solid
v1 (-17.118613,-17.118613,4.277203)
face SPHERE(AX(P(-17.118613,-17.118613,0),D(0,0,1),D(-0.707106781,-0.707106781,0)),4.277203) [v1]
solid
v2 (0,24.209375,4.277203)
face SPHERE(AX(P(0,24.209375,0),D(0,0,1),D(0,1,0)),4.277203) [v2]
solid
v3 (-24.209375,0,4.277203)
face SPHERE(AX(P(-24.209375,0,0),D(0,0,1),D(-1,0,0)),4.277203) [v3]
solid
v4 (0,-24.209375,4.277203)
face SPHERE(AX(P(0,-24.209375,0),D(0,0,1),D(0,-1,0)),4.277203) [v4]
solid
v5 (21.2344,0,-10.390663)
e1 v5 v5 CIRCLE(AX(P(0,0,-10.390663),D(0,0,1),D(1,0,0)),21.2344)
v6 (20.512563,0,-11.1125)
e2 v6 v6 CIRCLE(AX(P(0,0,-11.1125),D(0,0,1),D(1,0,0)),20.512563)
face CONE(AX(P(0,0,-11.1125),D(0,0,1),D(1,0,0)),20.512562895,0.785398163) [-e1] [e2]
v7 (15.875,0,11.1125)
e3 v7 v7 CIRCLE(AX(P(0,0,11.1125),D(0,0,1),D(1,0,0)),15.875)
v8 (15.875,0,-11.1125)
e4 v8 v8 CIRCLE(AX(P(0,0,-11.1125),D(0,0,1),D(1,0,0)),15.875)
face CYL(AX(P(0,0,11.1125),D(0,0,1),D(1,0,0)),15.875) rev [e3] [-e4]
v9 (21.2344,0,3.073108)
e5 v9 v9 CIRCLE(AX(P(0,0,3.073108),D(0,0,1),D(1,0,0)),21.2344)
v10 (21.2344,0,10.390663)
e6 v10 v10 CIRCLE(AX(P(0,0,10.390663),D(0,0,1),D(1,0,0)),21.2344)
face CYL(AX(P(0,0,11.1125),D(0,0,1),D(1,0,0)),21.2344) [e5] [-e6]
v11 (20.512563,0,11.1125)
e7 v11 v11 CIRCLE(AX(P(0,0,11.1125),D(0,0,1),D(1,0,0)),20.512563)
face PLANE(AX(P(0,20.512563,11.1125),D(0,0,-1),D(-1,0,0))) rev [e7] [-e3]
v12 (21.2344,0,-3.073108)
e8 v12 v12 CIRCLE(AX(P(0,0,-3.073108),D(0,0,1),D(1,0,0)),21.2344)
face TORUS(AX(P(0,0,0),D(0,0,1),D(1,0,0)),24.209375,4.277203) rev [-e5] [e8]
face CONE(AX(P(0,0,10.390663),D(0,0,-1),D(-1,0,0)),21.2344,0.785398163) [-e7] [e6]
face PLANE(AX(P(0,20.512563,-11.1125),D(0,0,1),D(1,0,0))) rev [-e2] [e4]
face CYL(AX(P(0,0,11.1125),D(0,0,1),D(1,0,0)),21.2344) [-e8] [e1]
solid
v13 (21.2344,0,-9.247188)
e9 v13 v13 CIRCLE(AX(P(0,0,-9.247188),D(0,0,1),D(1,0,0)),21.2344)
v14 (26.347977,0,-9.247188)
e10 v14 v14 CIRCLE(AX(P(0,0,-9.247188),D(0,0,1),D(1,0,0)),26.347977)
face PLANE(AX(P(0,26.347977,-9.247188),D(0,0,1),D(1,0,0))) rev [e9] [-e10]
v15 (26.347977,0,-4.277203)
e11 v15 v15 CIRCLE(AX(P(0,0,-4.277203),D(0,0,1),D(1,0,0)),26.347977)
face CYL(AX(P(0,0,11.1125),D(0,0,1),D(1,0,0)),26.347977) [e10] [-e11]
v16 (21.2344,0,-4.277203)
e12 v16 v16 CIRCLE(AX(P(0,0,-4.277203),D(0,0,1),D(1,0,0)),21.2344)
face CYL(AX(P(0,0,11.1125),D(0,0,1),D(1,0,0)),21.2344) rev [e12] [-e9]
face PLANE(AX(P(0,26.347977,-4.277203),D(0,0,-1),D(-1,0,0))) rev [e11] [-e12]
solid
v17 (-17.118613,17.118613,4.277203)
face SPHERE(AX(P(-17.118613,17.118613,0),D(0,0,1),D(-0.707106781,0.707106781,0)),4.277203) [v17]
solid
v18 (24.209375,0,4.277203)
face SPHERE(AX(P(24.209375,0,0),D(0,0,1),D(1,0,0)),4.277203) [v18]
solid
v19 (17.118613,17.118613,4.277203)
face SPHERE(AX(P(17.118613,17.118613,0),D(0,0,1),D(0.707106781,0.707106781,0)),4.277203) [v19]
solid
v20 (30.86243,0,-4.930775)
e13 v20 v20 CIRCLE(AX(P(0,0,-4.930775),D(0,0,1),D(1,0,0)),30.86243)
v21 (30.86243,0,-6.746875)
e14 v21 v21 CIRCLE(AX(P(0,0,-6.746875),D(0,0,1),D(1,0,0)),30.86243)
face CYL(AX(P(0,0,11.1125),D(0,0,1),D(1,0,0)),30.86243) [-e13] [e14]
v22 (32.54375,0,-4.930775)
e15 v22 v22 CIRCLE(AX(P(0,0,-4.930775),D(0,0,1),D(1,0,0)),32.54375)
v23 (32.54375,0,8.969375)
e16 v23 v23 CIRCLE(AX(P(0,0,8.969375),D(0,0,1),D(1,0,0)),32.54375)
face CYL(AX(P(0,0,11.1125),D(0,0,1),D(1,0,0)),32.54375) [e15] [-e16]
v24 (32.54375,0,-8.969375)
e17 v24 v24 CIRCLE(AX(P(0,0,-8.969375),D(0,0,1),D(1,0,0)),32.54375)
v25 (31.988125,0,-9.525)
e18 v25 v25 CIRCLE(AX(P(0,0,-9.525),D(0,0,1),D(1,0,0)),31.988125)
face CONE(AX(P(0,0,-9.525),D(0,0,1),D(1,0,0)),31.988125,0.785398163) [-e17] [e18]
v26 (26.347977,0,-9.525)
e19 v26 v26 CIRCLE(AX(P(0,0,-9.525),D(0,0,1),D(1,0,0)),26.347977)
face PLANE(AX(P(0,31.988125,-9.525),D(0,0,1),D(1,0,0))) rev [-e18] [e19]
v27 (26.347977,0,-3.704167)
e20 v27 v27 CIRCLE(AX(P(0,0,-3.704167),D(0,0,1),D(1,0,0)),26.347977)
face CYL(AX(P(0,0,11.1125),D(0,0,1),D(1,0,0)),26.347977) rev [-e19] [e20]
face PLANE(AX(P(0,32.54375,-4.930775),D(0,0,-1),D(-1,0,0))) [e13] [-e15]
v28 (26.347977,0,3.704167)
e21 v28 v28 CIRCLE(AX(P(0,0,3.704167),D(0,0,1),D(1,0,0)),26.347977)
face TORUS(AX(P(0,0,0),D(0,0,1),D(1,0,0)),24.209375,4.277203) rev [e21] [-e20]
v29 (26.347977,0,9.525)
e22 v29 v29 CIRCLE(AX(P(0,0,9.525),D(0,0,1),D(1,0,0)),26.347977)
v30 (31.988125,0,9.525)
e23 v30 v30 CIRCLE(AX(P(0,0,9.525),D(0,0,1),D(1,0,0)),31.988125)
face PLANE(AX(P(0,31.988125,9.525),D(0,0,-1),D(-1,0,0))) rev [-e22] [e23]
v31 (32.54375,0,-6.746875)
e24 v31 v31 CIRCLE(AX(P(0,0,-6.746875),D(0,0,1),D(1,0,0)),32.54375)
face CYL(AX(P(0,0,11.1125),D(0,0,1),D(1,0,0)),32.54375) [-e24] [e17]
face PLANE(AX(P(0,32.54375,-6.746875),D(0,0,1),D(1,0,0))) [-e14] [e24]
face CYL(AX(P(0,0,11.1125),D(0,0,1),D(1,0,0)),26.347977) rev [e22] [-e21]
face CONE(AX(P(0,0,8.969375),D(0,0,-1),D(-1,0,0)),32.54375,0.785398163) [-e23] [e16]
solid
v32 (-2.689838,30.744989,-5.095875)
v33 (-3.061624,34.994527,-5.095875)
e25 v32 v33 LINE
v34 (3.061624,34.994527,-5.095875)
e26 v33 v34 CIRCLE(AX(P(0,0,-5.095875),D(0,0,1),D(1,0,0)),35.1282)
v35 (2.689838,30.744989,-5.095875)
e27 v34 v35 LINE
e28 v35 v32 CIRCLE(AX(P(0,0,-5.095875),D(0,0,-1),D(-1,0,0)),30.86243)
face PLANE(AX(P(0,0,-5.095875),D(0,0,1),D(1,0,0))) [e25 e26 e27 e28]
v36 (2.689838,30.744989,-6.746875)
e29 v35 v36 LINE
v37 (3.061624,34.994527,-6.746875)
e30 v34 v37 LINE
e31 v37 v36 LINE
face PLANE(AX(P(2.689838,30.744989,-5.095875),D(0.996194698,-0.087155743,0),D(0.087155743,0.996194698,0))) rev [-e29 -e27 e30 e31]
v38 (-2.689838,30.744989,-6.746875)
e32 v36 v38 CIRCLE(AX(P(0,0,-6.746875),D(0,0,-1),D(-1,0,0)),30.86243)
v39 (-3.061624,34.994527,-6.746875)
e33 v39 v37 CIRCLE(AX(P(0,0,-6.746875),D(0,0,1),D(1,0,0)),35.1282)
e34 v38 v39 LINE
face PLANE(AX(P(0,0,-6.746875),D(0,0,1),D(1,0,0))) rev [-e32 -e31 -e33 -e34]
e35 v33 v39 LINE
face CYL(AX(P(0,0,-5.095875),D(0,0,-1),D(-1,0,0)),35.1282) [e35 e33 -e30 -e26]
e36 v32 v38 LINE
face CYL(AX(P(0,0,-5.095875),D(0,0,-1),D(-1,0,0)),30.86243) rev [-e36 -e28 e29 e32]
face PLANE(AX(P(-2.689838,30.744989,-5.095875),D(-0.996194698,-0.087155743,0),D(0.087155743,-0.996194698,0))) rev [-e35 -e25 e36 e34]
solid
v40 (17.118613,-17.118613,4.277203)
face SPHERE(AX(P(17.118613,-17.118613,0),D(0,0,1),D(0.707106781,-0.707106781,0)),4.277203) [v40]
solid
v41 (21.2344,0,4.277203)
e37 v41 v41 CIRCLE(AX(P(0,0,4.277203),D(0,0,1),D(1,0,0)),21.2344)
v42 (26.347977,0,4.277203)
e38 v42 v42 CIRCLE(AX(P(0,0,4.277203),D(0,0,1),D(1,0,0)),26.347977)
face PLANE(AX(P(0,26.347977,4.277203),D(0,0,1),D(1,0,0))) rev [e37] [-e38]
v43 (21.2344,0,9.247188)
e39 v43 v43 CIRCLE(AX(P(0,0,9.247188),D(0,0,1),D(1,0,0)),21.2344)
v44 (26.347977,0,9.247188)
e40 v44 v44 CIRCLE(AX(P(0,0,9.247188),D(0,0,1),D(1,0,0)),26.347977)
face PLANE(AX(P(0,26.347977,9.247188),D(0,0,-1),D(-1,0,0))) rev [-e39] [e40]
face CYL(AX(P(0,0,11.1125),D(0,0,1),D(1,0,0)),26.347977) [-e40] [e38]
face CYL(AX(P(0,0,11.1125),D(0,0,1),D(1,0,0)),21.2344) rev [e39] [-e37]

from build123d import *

# Parameters (mm, degrees)
CIRPATTERN1_COUNT = 8
SKETCH5_W         = 4.969984256
SKETCH5_H         = 5.113576622
SKETCH6_W         = 1.8161
SKETCH6_H         = 1.681320253
EXTRUDE1_DEPTH    = 1.651


with BuildPart() as part:
    # Sketch1 → Revolve1 (revolve)
    with BuildSketch(Plane(origin=(0, 0, 0), x_dir=(0, 0, -1), z_dir=(1, 0, 0))):
        with BuildLine():
            Line((8.969375, 32.54375), (-8.969375, 32.54375))
            Line((-8.969375, 32.54375), (-9.525, 31.988125))
            Line((-9.525, 31.988125), (-9.525, 26.347976622))
            Line((-9.525, 26.347976622), (-3.704166667, 26.347976622))
            ThreePointArc((-3.704166667, 26.347976622), (0, 28.486578244), (3.704166667, 26.347976622))
            Line((3.704166667, 26.347976622), (9.525, 26.347976622))
            Line((9.525, 26.347976622), (9.525, 31.988125))
            Line((9.525, 31.988125), (8.969375, 32.54375))
        make_face()
    revolve(axis=Axis((0, 0, 11.1125), (0, 0, -1)))

    # Sketch6 → Cut-Revolve1 (revolve, cut)
    with BuildSketch(Plane(origin=(0, 0, 0), x_dir=(0, 0, -1), z_dir=(1, 0, 0))):
        with Locations((5.838825, 31.703089874)):
            Rectangle(SKETCH6_W, SKETCH6_H)
    revolve(axis=Axis((0, 0, 11.1125), (0, 0, -1)), mode=Mode.SUBTRACT)


with BuildPart() as body_2:
    # Sketch3 → Revolve3 (revolve)
    with BuildSketch(Plane(origin=(0, 0, 0), x_dir=(0, 0, -1), z_dir=(1, 0, 0))):
        with BuildLine():
            Line((-10.390662895, 21.2344), (-3.073107766, 21.2344))
            ThreePointArc((-3.073107766, 21.2344), (0, 19.932171756), (3.073107766, 21.2344))
            Line((3.073107766, 21.2344), (10.390662895, 21.2344))
            Line((10.390662895, 21.2344), (11.1125, 20.512562895))
            Line((11.1125, 20.512562895), (11.1125, 15.875))
            Line((11.1125, 15.875), (-11.1125, 15.875))
            Line((-11.1125, 15.875), (-11.1125, 20.512562895))
            Line((-11.1125, 20.512562895), (-10.390662895, 21.2344))
        make_face()
    revolve(axis=Axis((0, 0, 11.1125), (0, 0, -1)))


with BuildPart() as body_3:
    # Sketch4 → Revolve4 (revolve)
    with BuildSketch(Plane(origin=(0, 0, 0), x_dir=(0, 0, -1), z_dir=(1, 0, 0))):
        with BuildLine():
            Line((-4.277203244, 24.209375), (4.277203244, 24.209375))
            ThreePointArc((4.277203244, 24.209375), (0, 28.486578244), (-4.277203244, 24.209375))
        make_face()
    revolve(axis=Axis((0, 24.209375, 4.277203244), (0, 0, -1)))


with BuildPart() as cirpattern1_1:
    # CirPattern1: pattern copy
    add(body_3.part.rotate(Axis((0, 0, -11.1125), (0, 0, 1)), 1 * 360 / CIRPATTERN1_COUNT))


with BuildPart() as cirpattern1_2:
    # CirPattern1: pattern copy
    add(body_3.part.rotate(Axis((0, 0, -11.1125), (0, 0, 1)), 2 * 360 / CIRPATTERN1_COUNT))


with BuildPart() as cirpattern1_3:
    # CirPattern1: pattern copy
    add(body_3.part.rotate(Axis((0, 0, -11.1125), (0, 0, 1)), 3 * 360 / CIRPATTERN1_COUNT))


with BuildPart() as cirpattern1_4:
    # CirPattern1: pattern copy
    add(body_3.part.rotate(Axis((0, 0, -11.1125), (0, 0, 1)), 4 * 360 / CIRPATTERN1_COUNT))


with BuildPart() as cirpattern1_5:
    # CirPattern1: pattern copy
    add(body_3.part.rotate(Axis((0, 0, -11.1125), (0, 0, 1)), 5 * 360 / CIRPATTERN1_COUNT))


with BuildPart() as cirpattern1_6:
    # CirPattern1: pattern copy
    add(body_3.part.rotate(Axis((0, 0, -11.1125), (0, 0, 1)), 6 * 360 / CIRPATTERN1_COUNT))


with BuildPart() as cirpattern1_7:
    # CirPattern1: pattern copy
    add(body_3.part.rotate(Axis((0, 0, -11.1125), (0, 0, 1)), 7 * 360 / CIRPATTERN1_COUNT))


with BuildPart() as body_11:
    # Sketch5 → Revolve5 (revolve)
    with BuildSketch(Plane(origin=(0, 0, 0), x_dir=(0, 0, -1), z_dir=(1, 0, 0))):
        with Locations((-6.762195372, 23.791188311)):
            Rectangle(SKETCH5_W, SKETCH5_H)
        with Locations((6.762195372, 23.791188311)):
            Rectangle(SKETCH5_W, SKETCH5_H)
    revolve(axis=Axis((0, 0, 11.1125), (0, 0, -1)))


with BuildPart() as body_12:
    # Sketch7 → Extrude1 (new body)
    with BuildSketch(Plane.XY.offset(-6.746875)):
        with BuildLine():
            Line((2.689837988, 30.744988884), (3.061624362, 34.994526594))
            ThreePointArc((3.061624362, 34.994526594), (0, -35.1282), (-3.061624362, 34.994526594))
            Line((-3.061624362, 34.994526594), (-2.689837988, 30.744988884))
            ThreePointArc((-2.689837988, 30.744988884), (0, -30.862429747), (2.689837988, 30.744988884))
        make_face()
    extrude(amount=EXTRUDE1_DEPTH)


solid = Compound([part.part, body_2.part, body_3.part, cirpattern1_1.part, cirpattern1_2.part, cirpattern1_3.part, cirpattern1_4.part, cirpattern1_5.part, cirpattern1_6.part, cirpattern1_7.part, body_11.part, body_12.part])
